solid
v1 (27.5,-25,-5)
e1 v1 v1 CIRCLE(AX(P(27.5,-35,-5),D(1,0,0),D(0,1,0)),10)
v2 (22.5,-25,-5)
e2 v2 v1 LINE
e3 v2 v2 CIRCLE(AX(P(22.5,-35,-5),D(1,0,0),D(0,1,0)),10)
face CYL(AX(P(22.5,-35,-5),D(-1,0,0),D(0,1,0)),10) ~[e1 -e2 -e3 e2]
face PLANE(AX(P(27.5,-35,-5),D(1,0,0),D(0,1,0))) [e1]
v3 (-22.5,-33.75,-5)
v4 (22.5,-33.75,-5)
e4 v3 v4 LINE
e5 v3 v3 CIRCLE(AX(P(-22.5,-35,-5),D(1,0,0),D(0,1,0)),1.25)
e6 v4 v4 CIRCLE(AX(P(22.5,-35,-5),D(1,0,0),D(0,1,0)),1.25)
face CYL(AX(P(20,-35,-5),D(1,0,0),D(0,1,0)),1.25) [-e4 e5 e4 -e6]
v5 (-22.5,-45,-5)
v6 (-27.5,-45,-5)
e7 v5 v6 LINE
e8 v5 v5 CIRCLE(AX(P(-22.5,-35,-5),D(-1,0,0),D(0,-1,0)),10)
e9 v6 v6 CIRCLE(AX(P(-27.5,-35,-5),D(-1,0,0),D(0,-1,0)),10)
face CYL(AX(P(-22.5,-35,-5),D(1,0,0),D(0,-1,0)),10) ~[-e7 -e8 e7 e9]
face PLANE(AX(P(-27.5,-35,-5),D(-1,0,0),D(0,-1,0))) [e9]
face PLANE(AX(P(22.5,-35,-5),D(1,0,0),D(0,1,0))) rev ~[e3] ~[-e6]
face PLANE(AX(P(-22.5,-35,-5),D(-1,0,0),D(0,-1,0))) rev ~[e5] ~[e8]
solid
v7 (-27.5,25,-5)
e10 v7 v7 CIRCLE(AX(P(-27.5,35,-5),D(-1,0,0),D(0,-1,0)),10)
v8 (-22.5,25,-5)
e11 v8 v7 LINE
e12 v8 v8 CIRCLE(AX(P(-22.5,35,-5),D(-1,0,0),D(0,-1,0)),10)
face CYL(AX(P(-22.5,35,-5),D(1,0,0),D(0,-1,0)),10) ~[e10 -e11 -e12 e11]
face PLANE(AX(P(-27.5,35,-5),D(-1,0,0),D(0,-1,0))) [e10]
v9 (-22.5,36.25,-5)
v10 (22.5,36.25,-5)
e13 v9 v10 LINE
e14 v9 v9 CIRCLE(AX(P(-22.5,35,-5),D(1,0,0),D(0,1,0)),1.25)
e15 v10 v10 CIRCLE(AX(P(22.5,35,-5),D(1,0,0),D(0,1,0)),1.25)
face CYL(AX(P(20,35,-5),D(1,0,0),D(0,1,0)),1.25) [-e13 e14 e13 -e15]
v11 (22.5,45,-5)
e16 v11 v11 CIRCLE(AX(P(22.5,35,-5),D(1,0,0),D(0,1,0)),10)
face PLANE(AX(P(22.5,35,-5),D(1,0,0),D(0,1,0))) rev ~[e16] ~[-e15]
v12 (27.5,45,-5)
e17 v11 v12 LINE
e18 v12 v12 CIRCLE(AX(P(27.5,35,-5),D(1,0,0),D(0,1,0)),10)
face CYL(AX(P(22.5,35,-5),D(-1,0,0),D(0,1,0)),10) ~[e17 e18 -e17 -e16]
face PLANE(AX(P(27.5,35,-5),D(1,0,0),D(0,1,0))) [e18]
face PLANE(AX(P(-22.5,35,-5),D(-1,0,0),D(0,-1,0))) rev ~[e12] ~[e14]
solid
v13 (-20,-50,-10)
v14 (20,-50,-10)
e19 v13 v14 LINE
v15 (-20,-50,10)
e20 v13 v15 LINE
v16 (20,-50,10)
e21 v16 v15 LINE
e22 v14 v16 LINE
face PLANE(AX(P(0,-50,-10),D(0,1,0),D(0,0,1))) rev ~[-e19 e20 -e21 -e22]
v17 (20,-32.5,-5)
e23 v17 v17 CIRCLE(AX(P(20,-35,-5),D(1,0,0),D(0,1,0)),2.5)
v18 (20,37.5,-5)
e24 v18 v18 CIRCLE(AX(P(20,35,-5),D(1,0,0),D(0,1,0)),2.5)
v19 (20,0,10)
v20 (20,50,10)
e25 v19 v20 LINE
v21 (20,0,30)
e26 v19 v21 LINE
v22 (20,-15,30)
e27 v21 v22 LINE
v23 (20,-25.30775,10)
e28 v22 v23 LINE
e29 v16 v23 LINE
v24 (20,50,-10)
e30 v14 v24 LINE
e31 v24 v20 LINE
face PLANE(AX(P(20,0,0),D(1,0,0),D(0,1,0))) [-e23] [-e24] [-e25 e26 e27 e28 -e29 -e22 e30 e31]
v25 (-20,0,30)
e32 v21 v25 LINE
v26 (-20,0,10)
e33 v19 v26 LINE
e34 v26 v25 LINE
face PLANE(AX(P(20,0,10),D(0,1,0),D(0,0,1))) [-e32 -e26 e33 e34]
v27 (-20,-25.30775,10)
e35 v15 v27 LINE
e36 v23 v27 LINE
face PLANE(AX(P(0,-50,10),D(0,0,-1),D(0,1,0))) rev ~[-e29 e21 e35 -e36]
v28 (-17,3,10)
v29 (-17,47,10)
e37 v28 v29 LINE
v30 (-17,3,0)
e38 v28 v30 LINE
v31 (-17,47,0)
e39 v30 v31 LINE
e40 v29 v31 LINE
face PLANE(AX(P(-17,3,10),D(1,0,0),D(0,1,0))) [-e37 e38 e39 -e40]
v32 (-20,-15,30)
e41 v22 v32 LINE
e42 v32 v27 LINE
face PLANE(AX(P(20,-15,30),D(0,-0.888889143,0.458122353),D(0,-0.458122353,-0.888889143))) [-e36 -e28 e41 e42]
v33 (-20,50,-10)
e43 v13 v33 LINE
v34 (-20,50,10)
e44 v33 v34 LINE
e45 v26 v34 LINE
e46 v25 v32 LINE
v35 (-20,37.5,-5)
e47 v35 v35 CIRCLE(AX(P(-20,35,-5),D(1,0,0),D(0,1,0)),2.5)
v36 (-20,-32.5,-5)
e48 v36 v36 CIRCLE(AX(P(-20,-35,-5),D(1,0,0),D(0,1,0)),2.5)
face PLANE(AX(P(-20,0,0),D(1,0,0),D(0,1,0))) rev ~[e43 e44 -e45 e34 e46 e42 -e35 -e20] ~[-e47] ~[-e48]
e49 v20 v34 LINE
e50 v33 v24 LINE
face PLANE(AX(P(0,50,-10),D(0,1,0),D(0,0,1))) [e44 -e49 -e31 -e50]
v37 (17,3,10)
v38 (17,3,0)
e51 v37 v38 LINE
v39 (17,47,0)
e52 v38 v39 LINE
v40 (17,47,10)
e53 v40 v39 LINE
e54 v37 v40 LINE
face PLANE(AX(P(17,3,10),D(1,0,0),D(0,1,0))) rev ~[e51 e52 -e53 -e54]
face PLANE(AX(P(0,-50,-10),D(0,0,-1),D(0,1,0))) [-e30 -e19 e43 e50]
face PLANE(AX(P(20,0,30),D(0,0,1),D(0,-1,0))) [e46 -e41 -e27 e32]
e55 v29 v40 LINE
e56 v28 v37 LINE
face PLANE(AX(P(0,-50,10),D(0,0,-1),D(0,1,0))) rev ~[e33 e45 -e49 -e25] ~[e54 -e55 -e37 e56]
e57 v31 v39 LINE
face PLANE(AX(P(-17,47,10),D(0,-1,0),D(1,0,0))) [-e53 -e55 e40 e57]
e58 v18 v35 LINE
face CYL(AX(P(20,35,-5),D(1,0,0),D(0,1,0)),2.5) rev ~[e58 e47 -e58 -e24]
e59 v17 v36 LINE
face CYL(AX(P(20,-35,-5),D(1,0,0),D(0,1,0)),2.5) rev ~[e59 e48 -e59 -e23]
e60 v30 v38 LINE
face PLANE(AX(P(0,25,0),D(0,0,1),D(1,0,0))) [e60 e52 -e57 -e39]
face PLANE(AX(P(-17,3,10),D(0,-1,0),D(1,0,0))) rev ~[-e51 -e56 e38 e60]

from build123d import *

# Parameters (mm, degrees)
F0_W           = 100
F0_H           = 20
F1_DEPTH       = 20
F3_DEPTH       = 40
F4_R           = 2.5
F5_DEPTH       = 40.001
F6_R           = 2.5
F7_DEPTH       = 40.001
F8_W           = 34
F8_H           = 44
F9_DEPTH       = 10
F10_R          = 1.25
F11_DEPTH      = 2.5
F11_DEPTH_BACK = 42.5
F12_R          = 1.25
F13_DEPTH      = 2.5
F13_DEPTH_BACK = 42.5
F14_R          = 10
F15_DEPTH      = 5
F16_R          = 10
F17_DEPTH      = 5
F18_R          = 10
F19_DEPTH      = 5
F20_R          = 10
F21_DEPTH      = 5


with BuildPart() as f1:
    # F0 (on Right) → F1 (new body, symmetric)
    with BuildSketch(Plane.YZ):
        Rectangle(F0_W, F0_H)
    extrude(amount=F1_DEPTH, both=True)

    # F2 (on face) → F3 (join)
    with BuildSketch(Plane.YZ.offset(20)):
        Polygon((-25.30775, 10), (0, 10), (0, 30), (-15, 30), align=None)
    extrude(amount=-F3_DEPTH)

    # F4 (on face) → F5 (cut, through all)
    with BuildSketch(Plane.YZ.offset(20)):
        with Locations((-35, -5)):
            Circle(F4_R)
    extrude(amount=-F5_DEPTH, mode=Mode.SUBTRACT)

    # F6 (on face) → F7 (cut, through all)
    with BuildSketch(Plane.YZ.offset(20)):
        with Locations((35, -5)):
            Circle(F6_R)
    extrude(amount=-F7_DEPTH, mode=Mode.SUBTRACT)

    # F8 (on face) → F9 (cut)
    with BuildSketch(Plane.XY.offset(10)):
        with Locations((0, 25)):
            Rectangle(F8_W, F8_H)
    extrude(amount=-F9_DEPTH, mode=Mode.SUBTRACT)


with BuildPart() as f11:
    # F10 (on face) → F11 (new body, two sides)
    with BuildSketch(Plane.YZ.offset(20)) as f11_sk:
        with Locations((-35, -5)):
            Circle(F10_R)
    extrude(amount=F11_DEPTH)
    extrude(f11_sk.sketch, amount=-F11_DEPTH_BACK)

    # F14 (on face) → F15 (join)
    with BuildSketch(Plane.YZ.offset(22.5)):
        with Locations((-35, -5)):
            Circle(F14_R)
    extrude(amount=F15_DEPTH)

    # F16 (on face) → F17 (join)
    with BuildSketch(Plane(origin=(-22.5, 0, 0), x_dir=(0, -1, 0), z_dir=(-1, 0, 0))):
        with Locations((35, -5)):
            Circle(F16_R)
    extrude(amount=F17_DEPTH)


with BuildPart() as f13:
    # F12 (on face) → F13 (new body, two sides)
    with BuildSketch(Plane.YZ.offset(20)) as f13_sk:
        with Locations((35, -5)):
            Circle(F12_R)
    extrude(amount=F13_DEPTH)
    extrude(f13_sk.sketch, amount=-F13_DEPTH_BACK)

    # F18 (on face) → F19 (join)
    with BuildSketch(Plane(origin=(-22.5, 0, 0), x_dir=(0, -1, 0), z_dir=(-1, 0, 0))):
        with Locations((-35, -5)):
            Circle(F18_R)
    extrude(amount=F19_DEPTH)

    # F20 (on face) → F21 (join)
    with BuildSketch(Plane.YZ.offset(22.5)):
        with Locations((35, -5)):
            Circle(F20_R)
    extrude(amount=F21_DEPTH)


solid = Compound([f1.part, f11.part, f13.part])
